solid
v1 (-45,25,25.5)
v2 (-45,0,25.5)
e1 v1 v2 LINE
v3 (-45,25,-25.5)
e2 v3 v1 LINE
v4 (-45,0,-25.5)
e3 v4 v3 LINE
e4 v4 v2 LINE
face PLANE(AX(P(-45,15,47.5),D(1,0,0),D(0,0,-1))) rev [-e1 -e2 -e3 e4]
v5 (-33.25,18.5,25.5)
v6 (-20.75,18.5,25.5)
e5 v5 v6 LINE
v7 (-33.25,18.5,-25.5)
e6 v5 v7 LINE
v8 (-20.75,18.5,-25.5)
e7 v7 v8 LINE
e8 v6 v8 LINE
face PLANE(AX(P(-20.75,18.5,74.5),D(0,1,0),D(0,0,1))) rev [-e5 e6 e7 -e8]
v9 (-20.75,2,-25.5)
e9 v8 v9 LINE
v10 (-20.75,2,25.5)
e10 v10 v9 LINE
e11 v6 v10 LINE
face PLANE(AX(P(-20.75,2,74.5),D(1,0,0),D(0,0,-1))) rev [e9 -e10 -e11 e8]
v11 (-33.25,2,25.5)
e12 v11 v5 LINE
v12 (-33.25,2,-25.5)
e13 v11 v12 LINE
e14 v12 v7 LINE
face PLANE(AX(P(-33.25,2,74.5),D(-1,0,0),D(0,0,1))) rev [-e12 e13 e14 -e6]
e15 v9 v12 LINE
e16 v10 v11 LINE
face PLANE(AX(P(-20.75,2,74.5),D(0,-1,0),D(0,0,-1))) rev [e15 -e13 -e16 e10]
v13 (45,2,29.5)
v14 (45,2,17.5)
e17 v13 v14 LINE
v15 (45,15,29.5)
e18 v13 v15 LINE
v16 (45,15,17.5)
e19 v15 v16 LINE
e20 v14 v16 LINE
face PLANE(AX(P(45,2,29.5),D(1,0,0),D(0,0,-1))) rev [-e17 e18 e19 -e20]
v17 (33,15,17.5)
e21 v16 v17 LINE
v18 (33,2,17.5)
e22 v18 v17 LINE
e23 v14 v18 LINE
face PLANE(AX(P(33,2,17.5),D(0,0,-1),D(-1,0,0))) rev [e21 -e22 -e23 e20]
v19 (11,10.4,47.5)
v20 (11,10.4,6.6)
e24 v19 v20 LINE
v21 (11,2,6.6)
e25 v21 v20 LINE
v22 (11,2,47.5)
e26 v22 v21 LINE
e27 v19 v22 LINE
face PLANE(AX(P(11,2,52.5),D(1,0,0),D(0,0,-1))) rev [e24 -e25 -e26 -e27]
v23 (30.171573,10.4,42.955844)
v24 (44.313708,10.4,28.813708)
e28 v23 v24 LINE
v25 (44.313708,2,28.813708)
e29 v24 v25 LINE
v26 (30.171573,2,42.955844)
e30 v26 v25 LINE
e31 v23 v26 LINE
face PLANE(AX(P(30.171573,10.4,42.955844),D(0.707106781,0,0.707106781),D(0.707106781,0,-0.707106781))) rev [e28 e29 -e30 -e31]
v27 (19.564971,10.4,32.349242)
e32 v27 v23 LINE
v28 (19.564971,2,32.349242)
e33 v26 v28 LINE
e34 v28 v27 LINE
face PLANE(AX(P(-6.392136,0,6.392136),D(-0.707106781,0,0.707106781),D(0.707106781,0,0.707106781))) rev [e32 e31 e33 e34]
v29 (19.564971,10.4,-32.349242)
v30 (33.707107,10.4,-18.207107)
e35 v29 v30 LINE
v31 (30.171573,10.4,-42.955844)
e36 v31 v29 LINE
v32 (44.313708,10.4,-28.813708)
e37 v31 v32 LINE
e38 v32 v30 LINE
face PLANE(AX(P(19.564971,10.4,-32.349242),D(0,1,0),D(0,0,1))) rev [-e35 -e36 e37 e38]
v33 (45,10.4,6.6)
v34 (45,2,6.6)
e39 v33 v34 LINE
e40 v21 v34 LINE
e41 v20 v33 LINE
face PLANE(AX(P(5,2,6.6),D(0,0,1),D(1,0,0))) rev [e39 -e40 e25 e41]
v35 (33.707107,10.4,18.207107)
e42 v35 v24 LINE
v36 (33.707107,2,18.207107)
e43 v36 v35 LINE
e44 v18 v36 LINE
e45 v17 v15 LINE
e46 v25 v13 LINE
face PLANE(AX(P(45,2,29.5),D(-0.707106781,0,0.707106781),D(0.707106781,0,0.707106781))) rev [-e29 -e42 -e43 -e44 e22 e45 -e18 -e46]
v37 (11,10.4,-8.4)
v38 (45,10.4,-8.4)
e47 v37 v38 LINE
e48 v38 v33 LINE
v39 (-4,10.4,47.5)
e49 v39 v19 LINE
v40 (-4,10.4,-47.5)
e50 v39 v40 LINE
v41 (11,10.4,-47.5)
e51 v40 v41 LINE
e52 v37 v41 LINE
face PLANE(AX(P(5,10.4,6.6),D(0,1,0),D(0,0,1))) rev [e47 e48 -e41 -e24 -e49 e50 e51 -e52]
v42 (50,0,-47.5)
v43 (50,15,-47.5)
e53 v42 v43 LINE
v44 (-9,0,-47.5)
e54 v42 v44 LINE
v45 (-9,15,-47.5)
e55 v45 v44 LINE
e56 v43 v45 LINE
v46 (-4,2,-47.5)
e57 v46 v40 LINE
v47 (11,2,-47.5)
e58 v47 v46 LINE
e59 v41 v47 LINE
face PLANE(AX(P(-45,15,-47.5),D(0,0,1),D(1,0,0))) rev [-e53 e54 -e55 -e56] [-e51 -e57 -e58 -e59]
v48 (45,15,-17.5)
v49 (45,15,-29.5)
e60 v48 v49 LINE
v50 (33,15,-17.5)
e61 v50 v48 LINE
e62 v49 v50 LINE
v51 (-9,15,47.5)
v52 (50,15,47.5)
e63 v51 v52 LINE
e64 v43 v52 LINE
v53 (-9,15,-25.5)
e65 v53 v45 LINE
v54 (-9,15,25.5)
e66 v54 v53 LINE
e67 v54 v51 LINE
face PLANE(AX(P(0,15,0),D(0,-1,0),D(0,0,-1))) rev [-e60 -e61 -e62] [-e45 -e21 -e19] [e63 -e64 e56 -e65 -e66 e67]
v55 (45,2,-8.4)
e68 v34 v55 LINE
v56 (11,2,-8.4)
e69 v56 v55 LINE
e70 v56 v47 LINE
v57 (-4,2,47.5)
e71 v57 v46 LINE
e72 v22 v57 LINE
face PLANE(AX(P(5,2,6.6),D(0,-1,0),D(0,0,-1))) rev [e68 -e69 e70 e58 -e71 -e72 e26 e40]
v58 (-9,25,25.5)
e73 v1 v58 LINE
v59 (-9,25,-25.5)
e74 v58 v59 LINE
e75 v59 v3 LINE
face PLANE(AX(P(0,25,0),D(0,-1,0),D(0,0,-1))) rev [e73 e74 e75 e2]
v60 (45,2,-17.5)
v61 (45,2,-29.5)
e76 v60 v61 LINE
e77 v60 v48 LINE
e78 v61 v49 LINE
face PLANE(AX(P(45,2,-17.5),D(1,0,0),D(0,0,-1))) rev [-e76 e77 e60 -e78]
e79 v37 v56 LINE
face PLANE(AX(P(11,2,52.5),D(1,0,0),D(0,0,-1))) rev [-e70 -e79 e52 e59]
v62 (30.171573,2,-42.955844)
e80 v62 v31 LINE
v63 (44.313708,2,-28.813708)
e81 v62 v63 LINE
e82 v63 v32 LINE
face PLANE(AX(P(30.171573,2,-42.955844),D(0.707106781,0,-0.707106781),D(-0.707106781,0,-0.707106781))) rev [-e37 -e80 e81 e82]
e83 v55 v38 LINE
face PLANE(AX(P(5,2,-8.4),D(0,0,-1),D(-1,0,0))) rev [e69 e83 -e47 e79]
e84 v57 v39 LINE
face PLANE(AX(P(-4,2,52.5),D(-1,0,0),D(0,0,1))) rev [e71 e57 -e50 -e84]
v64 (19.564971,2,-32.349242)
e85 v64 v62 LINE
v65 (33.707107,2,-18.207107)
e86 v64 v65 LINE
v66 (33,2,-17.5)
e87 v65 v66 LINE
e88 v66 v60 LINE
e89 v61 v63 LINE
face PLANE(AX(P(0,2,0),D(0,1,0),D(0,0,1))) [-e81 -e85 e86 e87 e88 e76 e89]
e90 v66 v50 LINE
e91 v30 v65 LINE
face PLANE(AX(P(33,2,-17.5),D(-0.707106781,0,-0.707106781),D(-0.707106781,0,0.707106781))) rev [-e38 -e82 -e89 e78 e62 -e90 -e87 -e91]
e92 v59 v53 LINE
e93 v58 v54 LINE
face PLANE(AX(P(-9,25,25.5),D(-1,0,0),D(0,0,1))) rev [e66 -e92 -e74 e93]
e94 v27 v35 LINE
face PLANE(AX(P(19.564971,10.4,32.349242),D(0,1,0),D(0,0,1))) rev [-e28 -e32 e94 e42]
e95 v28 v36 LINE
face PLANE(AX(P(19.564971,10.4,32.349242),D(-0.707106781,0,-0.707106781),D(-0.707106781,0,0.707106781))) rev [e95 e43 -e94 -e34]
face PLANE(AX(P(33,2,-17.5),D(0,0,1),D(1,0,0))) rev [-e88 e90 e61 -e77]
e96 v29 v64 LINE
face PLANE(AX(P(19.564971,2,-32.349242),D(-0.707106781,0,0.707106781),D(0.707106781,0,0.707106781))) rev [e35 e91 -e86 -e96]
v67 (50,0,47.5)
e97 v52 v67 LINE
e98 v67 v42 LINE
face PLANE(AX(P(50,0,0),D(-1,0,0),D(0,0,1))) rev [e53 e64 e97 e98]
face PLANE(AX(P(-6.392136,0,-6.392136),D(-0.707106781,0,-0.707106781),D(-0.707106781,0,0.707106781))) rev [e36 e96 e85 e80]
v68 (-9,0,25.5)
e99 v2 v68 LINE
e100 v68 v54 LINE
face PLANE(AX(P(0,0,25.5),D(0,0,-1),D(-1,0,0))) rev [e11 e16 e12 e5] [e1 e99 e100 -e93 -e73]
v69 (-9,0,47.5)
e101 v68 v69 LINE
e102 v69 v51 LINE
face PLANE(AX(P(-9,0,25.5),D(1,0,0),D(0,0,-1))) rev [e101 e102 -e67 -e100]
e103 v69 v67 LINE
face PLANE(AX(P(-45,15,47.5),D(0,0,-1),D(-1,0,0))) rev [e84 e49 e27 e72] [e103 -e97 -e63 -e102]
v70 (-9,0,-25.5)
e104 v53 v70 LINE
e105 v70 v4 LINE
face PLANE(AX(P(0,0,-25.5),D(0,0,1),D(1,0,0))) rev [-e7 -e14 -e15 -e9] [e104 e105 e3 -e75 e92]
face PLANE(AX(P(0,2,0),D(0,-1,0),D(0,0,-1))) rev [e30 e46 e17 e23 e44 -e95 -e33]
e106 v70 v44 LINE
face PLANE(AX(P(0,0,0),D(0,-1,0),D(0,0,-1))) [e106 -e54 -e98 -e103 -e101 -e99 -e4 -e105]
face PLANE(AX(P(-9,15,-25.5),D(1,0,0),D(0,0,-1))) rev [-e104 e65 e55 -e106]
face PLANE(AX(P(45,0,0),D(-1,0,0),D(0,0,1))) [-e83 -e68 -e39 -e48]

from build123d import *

# Parameters (mm, degrees)
SKETCH1_W           = 90
SKETCH1_H           = 95
BOSS_EXTRUDE3_DEPTH = 15
SKETCH5_W           = 15
SKETCH5_H           = 8.4
CUT_EXTRUDE3_DEPTH  = 40
SKETCH7_W           = 95
SKETCH7_H           = 15
BOSS_EXTRUDE4_DEPTH = 5
CUT_EXTRUDE7_DEPTH  = 13
SKETCH12_W          = 15
SKETCH12_H          = 8.4
CUT_EXTRUDE8_DEPTH  = 20
CUT_EXTRUDE9_DEPTH  = 13
SKETCH14_W          = 15
SKETCH14_H          = 8.4
CUT_EXTRUDE11_DEPTH = 20
SKETCH15_W          = 36
SKETCH15_H          = 15
CUT_EXTRUDE12_DEPTH = 22
SKETCH16_W          = 36
SKETCH16_H          = 15
CUT_EXTRUDE13_DEPTH = 22
SKETCH17_W          = 36
SKETCH17_H          = 51
BOSS_EXTRUDE5_DEPTH = 10
SKETCH18_W          = 12.5
SKETCH18_H          = 16.5
CUT_EXTRUDE14_DEPTH = 100
SKETCH19_W          = 15
SKETCH19_H          = 8.4
CUT_EXTRUDE15_DEPTH = 100


with BuildPart() as part:
    # Sketch1 → Boss-Extrude3 (new body)
    with BuildSketch(Plane(origin=(0, 0, 0), x_dir=(1, 0, 0), z_dir=(0, 1, 0))):
        Rectangle(SKETCH1_W, SKETCH1_H)
    extrude(amount=BOSS_EXTRUDE3_DEPTH)

    # Sketch5 → Cut-Extrude3 (cut)
    with BuildSketch(Plane(origin=(45, 0, 0), x_dir=(0, 0, -1), z_dir=(1, 0, 0))):
        with Locations((0.9, 6.2)):
            Rectangle(SKETCH5_W, SKETCH5_H)
    extrude(amount=-CUT_EXTRUDE3_DEPTH, mode=Mode.SUBTRACT)

    # Sketch7 → Boss-Extrude4 (add)
    with BuildSketch(Plane(origin=(45, 0, 0), x_dir=(0, 0, -1), z_dir=(1, 0, 0))):
        with Locations((0, 7.5)):
            Rectangle(SKETCH7_W, SKETCH7_H)
    extrude(amount=BOSS_EXTRUDE4_DEPTH)

    # Sketch10 → Cut-Extrude7 (cut)
    with BuildSketch(Plane(origin=(0, 15, 0), x_dir=(1, 0, 0), z_dir=(0, 1, 0))):
        Polygon((33, -17.5), (45, -17.5), (45, -29.5), align=None)
    extrude(amount=-CUT_EXTRUDE7_DEPTH, mode=Mode.SUBTRACT)

    # Sketch12 → Cut-Extrude8 (cut)
    with BuildSketch(Plane(origin=(7.75, 0, -7.75), x_dir=(-0.707106781, 0, -0.707106781), z_dir=(0.707106781, 0, -0.707106781))):
        with Locations((-44.20889245, 6.2)):
            Rectangle(SKETCH12_W, SKETCH12_H)
    extrude(amount=-CUT_EXTRUDE8_DEPTH, mode=Mode.SUBTRACT)

    # Sketch13 → Cut-Extrude9 (cut)
    with BuildSketch(Plane(origin=(0, 15, 0), x_dir=(1, 0, 0), z_dir=(0, 1, 0))):
        Polygon((33, 17.5), (45, 17.5), (45, 29.5), align=None)
    extrude(amount=-CUT_EXTRUDE9_DEPTH, mode=Mode.SUBTRACT)

    # Sketch14 → Cut-Extrude11 (cut)
    with BuildSketch(Plane(origin=(7.75, 0, 7.75), x_dir=(0.707106781, 0, -0.707106781), z_dir=(0.707106781, 0, 0.707106781))):
        with Locations((44.20889245, 6.2)):
            Rectangle(SKETCH14_W, SKETCH14_H)
    extrude(amount=-CUT_EXTRUDE11_DEPTH, mode=Mode.SUBTRACT)

    # Sketch15 → Cut-Extrude12 (cut)
    with BuildSketch(Plane.XY.offset(47.5)):
        with Locations((-27, 7.5)):
            Rectangle(SKETCH15_W, SKETCH15_H)
    extrude(amount=-CUT_EXTRUDE12_DEPTH, mode=Mode.SUBTRACT)

    # Sketch16 → Cut-Extrude13 (cut)
    with BuildSketch(Plane(origin=(0, 0, -47.5), x_dir=(-1, 0, 0), z_dir=(0, 0, -1))):
        with Locations((27, 7.5)):
            Rectangle(SKETCH16_W, SKETCH16_H)
    extrude(amount=-CUT_EXTRUDE13_DEPTH, mode=Mode.SUBTRACT)

    # Sketch17 → Boss-Extrude5 (add)
    with BuildSketch(Plane(origin=(0, 15, 0), x_dir=(1, 0, 0), z_dir=(0, 1, 0))):
        with Locations((-27, 0)):
            Rectangle(SKETCH17_W, SKETCH17_H)
    extrude(amount=BOSS_EXTRUDE5_DEPTH)

    # Sketch18 → Cut-Extrude14 (cut)
    with BuildSketch(Plane(origin=(0, 0, -25.5), x_dir=(-1, 0, 0), z_dir=(0, 0, -1))):
        with Locations((27, 10.25)):
            Rectangle(SKETCH18_W, SKETCH18_H)
    extrude(amount=-CUT_EXTRUDE14_DEPTH, mode=Mode.SUBTRACT)

    # Sketch19 → Cut-Extrude15 (cut)
    with BuildSketch(Plane(origin=(0, 0, -47.5), x_dir=(-1, 0, 0), z_dir=(0, 0, -1))):
        with Locations((-3.5, 6.2)):
            Rectangle(SKETCH19_W, SKETCH19_H)
    extrude(amount=-CUT_EXTRUDE15_DEPTH, mode=Mode.SUBTRACT)


solid = part.part
